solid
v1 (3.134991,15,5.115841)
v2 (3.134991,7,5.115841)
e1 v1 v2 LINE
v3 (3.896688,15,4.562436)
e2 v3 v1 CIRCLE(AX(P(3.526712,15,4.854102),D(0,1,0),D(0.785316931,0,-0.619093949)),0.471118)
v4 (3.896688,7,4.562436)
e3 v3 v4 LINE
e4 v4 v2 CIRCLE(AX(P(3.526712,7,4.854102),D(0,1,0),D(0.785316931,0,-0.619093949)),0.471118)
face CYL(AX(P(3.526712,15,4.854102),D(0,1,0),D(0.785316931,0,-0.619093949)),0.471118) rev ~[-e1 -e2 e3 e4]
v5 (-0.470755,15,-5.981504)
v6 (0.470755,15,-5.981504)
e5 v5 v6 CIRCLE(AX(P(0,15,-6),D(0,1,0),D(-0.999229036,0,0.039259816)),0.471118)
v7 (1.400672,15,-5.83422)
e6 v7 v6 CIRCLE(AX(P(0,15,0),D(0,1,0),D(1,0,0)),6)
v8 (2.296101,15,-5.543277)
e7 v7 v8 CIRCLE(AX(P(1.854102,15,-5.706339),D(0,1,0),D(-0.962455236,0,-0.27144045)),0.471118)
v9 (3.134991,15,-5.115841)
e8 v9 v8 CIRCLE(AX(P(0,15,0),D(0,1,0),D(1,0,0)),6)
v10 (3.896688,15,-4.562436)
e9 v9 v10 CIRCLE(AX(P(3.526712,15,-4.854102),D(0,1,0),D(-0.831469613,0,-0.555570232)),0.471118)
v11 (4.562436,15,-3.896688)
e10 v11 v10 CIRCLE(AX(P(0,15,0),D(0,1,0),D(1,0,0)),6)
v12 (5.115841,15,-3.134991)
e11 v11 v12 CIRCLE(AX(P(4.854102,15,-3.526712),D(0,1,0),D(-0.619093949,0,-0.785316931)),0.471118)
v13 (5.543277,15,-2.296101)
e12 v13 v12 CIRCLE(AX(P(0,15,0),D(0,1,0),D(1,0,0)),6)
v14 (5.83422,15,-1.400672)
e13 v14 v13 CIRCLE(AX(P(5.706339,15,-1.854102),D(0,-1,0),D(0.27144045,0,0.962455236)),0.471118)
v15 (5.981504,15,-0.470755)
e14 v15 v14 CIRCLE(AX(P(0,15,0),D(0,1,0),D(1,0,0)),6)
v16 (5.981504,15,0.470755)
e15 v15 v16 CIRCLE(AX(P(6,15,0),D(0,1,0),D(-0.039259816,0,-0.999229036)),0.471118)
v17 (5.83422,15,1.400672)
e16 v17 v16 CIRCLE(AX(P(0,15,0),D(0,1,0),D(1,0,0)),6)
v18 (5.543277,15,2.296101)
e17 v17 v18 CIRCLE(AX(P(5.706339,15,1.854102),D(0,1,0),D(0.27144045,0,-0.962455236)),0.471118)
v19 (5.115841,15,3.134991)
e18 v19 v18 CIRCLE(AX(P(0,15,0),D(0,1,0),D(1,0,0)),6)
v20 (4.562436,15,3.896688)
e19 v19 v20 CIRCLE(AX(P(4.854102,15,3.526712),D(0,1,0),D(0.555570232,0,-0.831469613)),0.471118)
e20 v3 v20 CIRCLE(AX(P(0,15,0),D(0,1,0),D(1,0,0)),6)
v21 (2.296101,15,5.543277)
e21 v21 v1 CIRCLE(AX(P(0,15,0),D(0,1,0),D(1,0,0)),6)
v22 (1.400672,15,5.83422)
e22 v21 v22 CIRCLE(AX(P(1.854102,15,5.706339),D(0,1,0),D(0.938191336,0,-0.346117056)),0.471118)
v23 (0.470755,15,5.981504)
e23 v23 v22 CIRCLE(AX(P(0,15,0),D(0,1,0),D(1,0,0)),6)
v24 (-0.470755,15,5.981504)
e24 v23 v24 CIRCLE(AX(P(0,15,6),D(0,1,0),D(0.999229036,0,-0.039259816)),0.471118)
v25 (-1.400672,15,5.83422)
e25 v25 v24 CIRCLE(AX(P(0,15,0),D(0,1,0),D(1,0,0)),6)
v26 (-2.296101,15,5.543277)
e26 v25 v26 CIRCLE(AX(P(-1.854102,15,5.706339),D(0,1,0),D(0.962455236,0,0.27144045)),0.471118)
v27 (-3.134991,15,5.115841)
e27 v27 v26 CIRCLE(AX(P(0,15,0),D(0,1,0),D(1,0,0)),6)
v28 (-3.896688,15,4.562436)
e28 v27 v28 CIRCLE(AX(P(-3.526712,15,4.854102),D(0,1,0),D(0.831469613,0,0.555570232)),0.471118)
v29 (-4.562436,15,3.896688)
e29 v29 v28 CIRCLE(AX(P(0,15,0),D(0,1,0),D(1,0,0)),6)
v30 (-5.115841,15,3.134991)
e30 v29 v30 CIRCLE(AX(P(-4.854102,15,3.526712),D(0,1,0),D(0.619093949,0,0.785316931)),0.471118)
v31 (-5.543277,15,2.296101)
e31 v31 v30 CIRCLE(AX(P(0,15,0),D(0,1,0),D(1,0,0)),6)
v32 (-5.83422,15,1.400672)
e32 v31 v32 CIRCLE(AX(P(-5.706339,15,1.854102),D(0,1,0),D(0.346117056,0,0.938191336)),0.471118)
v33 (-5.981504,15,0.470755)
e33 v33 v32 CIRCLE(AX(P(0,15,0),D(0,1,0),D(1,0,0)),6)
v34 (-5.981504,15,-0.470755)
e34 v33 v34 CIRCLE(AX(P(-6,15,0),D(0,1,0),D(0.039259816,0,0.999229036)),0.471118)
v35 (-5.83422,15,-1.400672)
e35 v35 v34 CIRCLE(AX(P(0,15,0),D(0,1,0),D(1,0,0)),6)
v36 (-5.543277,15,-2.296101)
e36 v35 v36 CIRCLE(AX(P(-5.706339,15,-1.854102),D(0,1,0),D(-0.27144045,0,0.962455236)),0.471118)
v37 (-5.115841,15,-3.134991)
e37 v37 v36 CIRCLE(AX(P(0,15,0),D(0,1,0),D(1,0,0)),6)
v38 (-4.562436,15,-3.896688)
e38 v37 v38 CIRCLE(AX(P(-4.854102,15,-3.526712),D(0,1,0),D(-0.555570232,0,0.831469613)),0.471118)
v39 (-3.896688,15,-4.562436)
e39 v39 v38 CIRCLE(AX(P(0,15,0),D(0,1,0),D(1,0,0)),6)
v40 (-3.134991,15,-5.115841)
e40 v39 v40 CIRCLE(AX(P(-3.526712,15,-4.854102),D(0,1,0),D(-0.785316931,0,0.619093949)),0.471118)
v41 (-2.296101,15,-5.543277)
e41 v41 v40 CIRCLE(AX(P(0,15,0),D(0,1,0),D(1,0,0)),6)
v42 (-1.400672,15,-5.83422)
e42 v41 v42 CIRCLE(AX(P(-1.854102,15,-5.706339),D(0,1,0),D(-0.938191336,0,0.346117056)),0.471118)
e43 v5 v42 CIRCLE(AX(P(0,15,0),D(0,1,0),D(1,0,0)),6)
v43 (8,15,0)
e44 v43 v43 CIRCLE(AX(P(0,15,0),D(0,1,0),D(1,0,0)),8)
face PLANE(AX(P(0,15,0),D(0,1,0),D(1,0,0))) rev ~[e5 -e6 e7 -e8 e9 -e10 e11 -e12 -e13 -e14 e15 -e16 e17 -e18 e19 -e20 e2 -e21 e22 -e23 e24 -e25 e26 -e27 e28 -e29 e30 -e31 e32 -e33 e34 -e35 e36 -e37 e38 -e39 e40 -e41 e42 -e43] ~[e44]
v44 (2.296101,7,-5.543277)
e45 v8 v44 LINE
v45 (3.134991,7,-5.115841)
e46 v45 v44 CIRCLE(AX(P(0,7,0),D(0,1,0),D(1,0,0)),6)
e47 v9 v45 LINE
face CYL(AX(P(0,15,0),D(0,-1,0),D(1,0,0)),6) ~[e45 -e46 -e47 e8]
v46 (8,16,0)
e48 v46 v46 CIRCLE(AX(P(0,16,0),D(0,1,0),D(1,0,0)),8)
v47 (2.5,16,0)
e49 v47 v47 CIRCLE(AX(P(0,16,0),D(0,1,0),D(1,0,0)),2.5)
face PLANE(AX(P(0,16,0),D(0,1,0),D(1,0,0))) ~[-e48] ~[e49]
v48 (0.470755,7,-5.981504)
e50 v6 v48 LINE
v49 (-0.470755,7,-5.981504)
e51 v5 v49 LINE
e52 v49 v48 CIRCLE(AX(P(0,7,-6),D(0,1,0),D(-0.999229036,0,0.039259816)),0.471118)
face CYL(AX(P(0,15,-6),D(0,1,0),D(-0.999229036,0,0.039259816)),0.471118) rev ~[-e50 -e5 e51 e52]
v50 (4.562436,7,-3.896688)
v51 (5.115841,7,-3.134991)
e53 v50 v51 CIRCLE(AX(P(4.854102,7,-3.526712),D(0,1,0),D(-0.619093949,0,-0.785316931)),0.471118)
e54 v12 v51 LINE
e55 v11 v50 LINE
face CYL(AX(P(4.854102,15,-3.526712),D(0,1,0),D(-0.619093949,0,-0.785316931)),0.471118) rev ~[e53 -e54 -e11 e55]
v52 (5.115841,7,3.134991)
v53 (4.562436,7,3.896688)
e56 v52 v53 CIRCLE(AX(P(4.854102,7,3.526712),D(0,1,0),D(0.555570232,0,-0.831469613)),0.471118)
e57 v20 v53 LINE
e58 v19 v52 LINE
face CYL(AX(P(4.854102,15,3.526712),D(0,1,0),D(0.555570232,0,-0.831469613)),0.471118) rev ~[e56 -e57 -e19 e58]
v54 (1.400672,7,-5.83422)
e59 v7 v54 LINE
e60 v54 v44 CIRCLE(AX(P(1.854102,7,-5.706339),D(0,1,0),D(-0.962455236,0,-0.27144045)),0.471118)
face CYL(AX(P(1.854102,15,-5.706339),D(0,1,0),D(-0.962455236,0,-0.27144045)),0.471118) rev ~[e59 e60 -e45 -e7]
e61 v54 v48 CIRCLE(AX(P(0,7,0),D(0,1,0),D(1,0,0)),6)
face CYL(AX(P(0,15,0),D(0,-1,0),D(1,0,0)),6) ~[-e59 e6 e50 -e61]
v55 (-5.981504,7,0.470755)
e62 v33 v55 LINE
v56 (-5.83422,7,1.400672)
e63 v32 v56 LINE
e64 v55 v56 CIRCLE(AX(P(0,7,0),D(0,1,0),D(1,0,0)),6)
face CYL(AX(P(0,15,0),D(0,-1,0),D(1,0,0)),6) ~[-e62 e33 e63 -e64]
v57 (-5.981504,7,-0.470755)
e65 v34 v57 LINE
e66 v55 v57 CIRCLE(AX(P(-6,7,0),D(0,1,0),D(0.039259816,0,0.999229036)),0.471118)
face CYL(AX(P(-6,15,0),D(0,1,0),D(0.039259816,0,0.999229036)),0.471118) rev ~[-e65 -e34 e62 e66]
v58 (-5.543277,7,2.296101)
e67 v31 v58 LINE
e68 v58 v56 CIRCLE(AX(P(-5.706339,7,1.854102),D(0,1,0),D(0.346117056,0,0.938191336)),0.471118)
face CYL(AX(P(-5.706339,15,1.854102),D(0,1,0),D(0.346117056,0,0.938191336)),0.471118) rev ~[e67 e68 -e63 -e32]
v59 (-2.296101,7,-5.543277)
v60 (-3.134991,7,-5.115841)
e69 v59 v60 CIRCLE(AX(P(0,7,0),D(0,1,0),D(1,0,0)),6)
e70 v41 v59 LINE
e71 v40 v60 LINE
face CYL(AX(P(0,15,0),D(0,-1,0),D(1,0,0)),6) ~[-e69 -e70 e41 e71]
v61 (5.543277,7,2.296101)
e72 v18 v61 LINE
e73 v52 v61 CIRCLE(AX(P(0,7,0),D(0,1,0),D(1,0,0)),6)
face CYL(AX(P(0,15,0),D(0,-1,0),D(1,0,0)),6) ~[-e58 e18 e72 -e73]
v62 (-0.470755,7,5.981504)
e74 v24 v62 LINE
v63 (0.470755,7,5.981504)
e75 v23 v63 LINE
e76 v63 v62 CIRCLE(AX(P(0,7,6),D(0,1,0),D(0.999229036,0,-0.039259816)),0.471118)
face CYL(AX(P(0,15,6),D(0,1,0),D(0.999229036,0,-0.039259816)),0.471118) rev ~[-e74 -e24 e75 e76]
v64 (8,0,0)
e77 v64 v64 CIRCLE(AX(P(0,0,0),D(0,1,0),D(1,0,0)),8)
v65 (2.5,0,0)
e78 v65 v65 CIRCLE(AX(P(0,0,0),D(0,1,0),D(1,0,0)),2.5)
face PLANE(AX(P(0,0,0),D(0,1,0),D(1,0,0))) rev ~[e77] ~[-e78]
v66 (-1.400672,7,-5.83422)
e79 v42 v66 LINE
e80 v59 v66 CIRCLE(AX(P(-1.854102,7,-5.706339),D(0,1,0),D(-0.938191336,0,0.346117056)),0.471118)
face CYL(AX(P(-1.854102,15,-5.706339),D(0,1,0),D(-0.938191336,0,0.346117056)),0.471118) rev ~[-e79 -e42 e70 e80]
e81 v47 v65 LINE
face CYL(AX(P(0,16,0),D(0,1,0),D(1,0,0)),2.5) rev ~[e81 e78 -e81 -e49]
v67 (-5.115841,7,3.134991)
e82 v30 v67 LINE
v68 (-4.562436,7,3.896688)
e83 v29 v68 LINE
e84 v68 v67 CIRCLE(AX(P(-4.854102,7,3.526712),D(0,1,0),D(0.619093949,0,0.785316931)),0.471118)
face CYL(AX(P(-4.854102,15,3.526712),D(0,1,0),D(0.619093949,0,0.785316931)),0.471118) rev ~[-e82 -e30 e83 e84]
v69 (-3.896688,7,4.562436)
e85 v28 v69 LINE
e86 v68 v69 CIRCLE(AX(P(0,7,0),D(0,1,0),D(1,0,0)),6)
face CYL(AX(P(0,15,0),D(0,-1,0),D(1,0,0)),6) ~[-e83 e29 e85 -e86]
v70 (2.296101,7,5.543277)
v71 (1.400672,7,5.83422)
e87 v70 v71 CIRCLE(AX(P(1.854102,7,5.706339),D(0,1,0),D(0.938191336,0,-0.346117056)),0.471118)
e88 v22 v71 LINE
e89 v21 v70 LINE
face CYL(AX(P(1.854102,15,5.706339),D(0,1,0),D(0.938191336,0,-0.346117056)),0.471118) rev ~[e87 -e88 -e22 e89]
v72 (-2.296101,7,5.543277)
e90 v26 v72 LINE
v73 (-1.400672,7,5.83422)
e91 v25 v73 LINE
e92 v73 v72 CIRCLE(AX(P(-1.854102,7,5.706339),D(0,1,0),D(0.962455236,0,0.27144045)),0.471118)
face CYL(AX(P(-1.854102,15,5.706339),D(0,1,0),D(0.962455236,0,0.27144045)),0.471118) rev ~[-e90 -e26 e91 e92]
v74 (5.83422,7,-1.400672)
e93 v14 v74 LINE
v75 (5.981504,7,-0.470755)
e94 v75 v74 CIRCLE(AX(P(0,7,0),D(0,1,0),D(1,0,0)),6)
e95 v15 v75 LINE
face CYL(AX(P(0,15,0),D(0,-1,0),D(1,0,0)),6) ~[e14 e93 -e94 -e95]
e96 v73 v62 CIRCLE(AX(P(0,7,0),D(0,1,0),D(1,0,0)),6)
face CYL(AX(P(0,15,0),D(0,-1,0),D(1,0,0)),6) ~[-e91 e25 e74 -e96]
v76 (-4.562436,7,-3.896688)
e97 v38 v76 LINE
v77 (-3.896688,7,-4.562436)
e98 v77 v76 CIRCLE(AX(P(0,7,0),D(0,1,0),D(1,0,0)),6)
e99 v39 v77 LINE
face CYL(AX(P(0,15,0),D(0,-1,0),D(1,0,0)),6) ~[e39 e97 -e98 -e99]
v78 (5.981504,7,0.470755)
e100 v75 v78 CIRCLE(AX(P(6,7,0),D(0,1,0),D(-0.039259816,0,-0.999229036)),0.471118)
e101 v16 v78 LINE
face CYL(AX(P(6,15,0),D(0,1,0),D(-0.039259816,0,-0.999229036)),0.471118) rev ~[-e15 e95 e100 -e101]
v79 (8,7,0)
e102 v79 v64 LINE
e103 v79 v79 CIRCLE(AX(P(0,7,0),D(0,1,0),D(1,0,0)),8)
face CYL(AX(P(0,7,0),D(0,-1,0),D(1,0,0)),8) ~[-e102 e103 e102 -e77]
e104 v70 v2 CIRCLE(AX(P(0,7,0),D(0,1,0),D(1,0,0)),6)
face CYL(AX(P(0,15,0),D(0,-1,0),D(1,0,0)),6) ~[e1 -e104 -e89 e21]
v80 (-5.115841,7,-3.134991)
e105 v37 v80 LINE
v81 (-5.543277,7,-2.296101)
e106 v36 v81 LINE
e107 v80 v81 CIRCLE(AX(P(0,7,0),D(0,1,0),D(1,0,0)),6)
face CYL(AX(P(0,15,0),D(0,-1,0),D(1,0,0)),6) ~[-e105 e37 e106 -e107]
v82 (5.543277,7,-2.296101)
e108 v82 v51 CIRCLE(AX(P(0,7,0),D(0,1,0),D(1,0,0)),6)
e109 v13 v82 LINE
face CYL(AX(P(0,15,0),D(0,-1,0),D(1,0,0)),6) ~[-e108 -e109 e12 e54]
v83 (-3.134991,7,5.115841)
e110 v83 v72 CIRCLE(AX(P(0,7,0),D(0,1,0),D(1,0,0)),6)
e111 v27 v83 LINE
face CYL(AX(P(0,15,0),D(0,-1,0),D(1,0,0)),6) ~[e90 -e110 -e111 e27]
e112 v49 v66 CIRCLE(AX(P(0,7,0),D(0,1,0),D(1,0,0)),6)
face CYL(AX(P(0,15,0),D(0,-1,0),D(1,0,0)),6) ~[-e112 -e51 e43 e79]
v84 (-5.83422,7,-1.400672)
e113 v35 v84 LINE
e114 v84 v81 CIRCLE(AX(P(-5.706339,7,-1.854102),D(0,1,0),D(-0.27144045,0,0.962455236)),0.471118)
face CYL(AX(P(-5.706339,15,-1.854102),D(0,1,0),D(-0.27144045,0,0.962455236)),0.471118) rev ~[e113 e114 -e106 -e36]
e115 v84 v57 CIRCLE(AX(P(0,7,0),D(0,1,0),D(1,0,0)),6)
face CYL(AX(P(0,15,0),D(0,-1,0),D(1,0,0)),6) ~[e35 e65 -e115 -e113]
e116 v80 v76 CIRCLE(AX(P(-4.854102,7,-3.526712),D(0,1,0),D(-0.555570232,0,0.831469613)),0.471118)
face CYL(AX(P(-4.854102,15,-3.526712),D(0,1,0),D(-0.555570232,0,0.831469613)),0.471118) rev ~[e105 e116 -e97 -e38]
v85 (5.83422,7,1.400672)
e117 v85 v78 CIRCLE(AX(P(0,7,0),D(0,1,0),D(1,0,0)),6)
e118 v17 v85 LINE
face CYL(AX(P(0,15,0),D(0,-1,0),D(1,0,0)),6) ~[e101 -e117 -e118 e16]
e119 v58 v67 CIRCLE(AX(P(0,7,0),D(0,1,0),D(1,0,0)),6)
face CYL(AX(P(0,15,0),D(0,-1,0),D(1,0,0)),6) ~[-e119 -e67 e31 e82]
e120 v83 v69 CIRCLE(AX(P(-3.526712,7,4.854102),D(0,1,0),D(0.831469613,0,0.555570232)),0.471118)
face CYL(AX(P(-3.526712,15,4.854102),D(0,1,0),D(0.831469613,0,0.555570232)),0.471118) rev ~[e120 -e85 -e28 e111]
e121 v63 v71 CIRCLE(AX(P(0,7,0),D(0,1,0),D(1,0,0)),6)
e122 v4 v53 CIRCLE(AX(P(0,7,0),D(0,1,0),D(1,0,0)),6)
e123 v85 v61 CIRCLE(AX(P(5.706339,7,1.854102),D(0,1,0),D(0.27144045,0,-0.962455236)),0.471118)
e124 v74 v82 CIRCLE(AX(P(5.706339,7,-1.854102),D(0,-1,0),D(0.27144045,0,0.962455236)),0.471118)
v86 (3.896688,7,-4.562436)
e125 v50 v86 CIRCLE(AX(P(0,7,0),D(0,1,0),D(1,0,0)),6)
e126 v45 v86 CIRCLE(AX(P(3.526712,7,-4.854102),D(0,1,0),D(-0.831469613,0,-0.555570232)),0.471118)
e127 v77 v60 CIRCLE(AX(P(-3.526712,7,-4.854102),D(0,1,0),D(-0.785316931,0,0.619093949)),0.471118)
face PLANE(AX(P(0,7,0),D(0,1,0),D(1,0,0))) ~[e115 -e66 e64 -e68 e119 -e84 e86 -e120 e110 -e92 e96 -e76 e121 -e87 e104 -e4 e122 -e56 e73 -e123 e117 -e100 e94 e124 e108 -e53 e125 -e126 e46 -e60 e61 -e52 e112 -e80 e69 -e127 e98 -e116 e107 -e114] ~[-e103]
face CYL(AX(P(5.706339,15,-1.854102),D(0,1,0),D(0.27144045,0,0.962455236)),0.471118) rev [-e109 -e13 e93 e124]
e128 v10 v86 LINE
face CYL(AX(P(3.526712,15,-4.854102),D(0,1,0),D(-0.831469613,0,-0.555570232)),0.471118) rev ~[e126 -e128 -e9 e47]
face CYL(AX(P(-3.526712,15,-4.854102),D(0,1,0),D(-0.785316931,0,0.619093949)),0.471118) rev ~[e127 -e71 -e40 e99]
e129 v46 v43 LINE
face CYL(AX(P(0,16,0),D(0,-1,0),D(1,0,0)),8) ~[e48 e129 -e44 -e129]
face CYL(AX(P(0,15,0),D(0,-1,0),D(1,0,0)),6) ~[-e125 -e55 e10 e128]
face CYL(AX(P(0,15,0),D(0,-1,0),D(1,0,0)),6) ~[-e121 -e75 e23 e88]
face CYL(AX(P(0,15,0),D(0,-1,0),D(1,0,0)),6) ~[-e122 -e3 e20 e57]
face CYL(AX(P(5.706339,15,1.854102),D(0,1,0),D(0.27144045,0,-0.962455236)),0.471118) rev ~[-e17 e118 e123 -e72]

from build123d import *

# Parameters (mm, degrees)
ESQUISSE2_R             = 2.5
ENL_V_MAT_EXTRU_1_DEPTH = 17
ENL_V_MAT_EXTRU_2_DEPTH = 8


with BuildPart() as part:
    # Esquisse1 → Révolution1 (revolve)
    with BuildSketch(Plane.XY):
        Polygon((0, 0), (0, 16), (8, 16), (8, 15), (6, 15), (6, 7), (8, 7), (8, 0), align=None)
    revolve(axis=Axis((0, 0, 0), (0, 1, 0)))

    # Esquisse2 → Enlèv. mat.-Extru.1 (cut, through all)
    with BuildSketch(Plane(origin=(0, 16, 0), x_dir=(1, 0, 0), z_dir=(0, 1, 0))):
        Circle(ESQUISSE2_R)
    extrude(amount=-ENL_V_MAT_EXTRU_1_DEPTH, mode=Mode.SUBTRACT)

    # Esquisse3 → Enlèv. mat.-Extru.2 (cut)
    with BuildSketch(Plane.XZ.offset(-15)):
        with BuildLine():
            ThreePointArc((5.981504002, -0.470754574), (5.528882211, 0), (5.981504002, 0.470754574))
            ThreePointArc((5.981504002, 0.470754574), (6, 0), (5.981504002, -0.470754574))
        make_face()
        with BuildLine():
            ThreePointArc((5.543277195, -2.296100594), (5.706339098, -1.854101966), (5.834219522, -1.400672183))
            ThreePointArc((5.834219522, -1.400672183), (5.258279454, -1.708518563), (5.543277195, -2.296100594))
        make_face()
        with BuildLine():
            ThreePointArc((4.562435794, -3.89668829), (4.472959669, -3.249795425), (5.115840986, -3.134991388))
            ThreePointArc((5.115840986, -3.134991388), (4.854101966, -3.526711514), (4.562435794, -3.89668829))
        make_face()
        with BuildLine():
            ThreePointArc((3.134991388, -5.115840986), (3.249795425, -4.472959669), (3.89668829, -4.562435794))
            ThreePointArc((3.89668829, -4.562435794), (3.526711514, -4.854101966), (3.134991388, -5.115840986))
        make_face()
        with BuildLine():
            ThreePointArc((1.400672183, -5.834219522), (1.708518563, -5.258279454), (2.296100594, -5.543277195))
            ThreePointArc((2.296100594, -5.543277195), (1.854101966, -5.706339098), (1.400672183, -5.834219522))
        make_face()
        with BuildLine():
            ThreePointArc((-0.470754574, -5.981504002), (0, -5.528882211), (0.470754574, -5.981504002))
            ThreePointArc((0.470754574, -5.981504002), (0, -6), (-0.470754574, -5.981504002))
        make_face()
        with BuildLine():
            ThreePointArc((-2.296100594, -5.543277195), (-1.708518563, -5.258279454), (-1.400672183, -5.834219522))
            ThreePointArc((-1.400672183, -5.834219522), (-1.854101966, -5.706339098), (-2.296100594, -5.543277195))
        make_face()
        with BuildLine():
            ThreePointArc((-3.89668829, -4.562435794), (-3.249795425, -4.472959669), (-3.134991388, -5.115840986))
            ThreePointArc((-3.134991388, -5.115840986), (-3.526711514, -4.854101966), (-3.89668829, -4.562435794))
        make_face()
        with BuildLine():
            ThreePointArc((-5.115840986, -3.134991388), (-4.472959669, -3.249795425), (-4.562435794, -3.89668829))
            ThreePointArc((-4.562435794, -3.89668829), (-4.854101966, -3.526711514), (-5.115840986, -3.134991388))
        make_face()
        with BuildLine():
            ThreePointArc((-5.834219522, -1.400672183), (-5.258279454, -1.708518563), (-5.543277195, -2.296100594))
            ThreePointArc((-5.543277195, -2.296100594), (-5.706339098, -1.854101966), (-5.834219522, -1.400672183))
        make_face()
        with BuildLine():
            ThreePointArc((-5.981504002, 0.470754574), (-5.528882211, 0), (-5.981504002, -0.470754574))
            ThreePointArc((-5.981504002, -0.470754574), (-6, 0), (-5.981504002, 0.470754574))
        make_face()
        with BuildLine():
            ThreePointArc((-5.543277195, 2.296100594), (-5.258279454, 1.708518563), (-5.834219522, 1.400672183))
            ThreePointArc((-5.834219522, 1.400672183), (-5.706339098, 1.854101966), (-5.543277195, 2.296100594))
        make_face()
        with BuildLine():
            ThreePointArc((-4.562435794, 3.89668829), (-4.472959669, 3.249795425), (-5.115840986, 3.134991388))
            ThreePointArc((-5.115840986, 3.134991388), (-4.854101966, 3.526711514), (-4.562435794, 3.89668829))
        make_face()
        with BuildLine():
            ThreePointArc((-3.134991388, 5.115840986), (-3.249795425, 4.472959669), (-3.89668829, 4.562435794))
            ThreePointArc((-3.89668829, 4.562435794), (-3.526711514, 4.854101966), (-3.134991388, 5.115840986))
        make_face()
        with BuildLine():
            ThreePointArc((-1.400672183, 5.834219522), (-1.708518563, 5.258279454), (-2.296100594, 5.543277195))
            ThreePointArc((-2.296100594, 5.543277195), (-1.854101966, 5.706339098), (-1.400672183, 5.834219522))
        make_face()
        with BuildLine():
            ThreePointArc((0.470754574, 5.981504002), (0, 5.528882211), (-0.470754574, 5.981504002))
            ThreePointArc((-0.470754574, 5.981504002), (0, 6), (0.470754574, 5.981504002))
        make_face()
        with BuildLine():
            ThreePointArc((2.296100594, 5.543277195), (1.708518563, 5.258279454), (1.400672183, 5.834219522))
            ThreePointArc((1.400672183, 5.834219522), (1.854101966, 5.706339098), (2.296100594, 5.543277195))
        make_face()
        with BuildLine():
            ThreePointArc((3.89668829, 4.562435794), (3.249795425, 4.472959669), (3.134991388, 5.115840986))
            ThreePointArc((3.134991388, 5.115840986), (3.526711514, 4.854101966), (3.89668829, 4.562435794))
        make_face()
        with BuildLine():
            ThreePointArc((5.115840986, 3.134991388), (4.472959669, 3.249795425), (4.562435794, 3.89668829))
            ThreePointArc((4.562435794, 3.89668829), (4.854101966, 3.526711514), (5.115840986, 3.134991388))
        make_face()
        with BuildLine():
            ThreePointArc((5.834219522, 1.400672183), (5.258279454, 1.708518563), (5.543277195, 2.296100594))
            ThreePointArc((5.543277195, 2.296100594), (5.706339098, 1.854101966), (5.834219522, 1.400672183))
        make_face()
    extrude(amount=ENL_V_MAT_EXTRU_2_DEPTH, mode=Mode.SUBTRACT)


solid = part.part
